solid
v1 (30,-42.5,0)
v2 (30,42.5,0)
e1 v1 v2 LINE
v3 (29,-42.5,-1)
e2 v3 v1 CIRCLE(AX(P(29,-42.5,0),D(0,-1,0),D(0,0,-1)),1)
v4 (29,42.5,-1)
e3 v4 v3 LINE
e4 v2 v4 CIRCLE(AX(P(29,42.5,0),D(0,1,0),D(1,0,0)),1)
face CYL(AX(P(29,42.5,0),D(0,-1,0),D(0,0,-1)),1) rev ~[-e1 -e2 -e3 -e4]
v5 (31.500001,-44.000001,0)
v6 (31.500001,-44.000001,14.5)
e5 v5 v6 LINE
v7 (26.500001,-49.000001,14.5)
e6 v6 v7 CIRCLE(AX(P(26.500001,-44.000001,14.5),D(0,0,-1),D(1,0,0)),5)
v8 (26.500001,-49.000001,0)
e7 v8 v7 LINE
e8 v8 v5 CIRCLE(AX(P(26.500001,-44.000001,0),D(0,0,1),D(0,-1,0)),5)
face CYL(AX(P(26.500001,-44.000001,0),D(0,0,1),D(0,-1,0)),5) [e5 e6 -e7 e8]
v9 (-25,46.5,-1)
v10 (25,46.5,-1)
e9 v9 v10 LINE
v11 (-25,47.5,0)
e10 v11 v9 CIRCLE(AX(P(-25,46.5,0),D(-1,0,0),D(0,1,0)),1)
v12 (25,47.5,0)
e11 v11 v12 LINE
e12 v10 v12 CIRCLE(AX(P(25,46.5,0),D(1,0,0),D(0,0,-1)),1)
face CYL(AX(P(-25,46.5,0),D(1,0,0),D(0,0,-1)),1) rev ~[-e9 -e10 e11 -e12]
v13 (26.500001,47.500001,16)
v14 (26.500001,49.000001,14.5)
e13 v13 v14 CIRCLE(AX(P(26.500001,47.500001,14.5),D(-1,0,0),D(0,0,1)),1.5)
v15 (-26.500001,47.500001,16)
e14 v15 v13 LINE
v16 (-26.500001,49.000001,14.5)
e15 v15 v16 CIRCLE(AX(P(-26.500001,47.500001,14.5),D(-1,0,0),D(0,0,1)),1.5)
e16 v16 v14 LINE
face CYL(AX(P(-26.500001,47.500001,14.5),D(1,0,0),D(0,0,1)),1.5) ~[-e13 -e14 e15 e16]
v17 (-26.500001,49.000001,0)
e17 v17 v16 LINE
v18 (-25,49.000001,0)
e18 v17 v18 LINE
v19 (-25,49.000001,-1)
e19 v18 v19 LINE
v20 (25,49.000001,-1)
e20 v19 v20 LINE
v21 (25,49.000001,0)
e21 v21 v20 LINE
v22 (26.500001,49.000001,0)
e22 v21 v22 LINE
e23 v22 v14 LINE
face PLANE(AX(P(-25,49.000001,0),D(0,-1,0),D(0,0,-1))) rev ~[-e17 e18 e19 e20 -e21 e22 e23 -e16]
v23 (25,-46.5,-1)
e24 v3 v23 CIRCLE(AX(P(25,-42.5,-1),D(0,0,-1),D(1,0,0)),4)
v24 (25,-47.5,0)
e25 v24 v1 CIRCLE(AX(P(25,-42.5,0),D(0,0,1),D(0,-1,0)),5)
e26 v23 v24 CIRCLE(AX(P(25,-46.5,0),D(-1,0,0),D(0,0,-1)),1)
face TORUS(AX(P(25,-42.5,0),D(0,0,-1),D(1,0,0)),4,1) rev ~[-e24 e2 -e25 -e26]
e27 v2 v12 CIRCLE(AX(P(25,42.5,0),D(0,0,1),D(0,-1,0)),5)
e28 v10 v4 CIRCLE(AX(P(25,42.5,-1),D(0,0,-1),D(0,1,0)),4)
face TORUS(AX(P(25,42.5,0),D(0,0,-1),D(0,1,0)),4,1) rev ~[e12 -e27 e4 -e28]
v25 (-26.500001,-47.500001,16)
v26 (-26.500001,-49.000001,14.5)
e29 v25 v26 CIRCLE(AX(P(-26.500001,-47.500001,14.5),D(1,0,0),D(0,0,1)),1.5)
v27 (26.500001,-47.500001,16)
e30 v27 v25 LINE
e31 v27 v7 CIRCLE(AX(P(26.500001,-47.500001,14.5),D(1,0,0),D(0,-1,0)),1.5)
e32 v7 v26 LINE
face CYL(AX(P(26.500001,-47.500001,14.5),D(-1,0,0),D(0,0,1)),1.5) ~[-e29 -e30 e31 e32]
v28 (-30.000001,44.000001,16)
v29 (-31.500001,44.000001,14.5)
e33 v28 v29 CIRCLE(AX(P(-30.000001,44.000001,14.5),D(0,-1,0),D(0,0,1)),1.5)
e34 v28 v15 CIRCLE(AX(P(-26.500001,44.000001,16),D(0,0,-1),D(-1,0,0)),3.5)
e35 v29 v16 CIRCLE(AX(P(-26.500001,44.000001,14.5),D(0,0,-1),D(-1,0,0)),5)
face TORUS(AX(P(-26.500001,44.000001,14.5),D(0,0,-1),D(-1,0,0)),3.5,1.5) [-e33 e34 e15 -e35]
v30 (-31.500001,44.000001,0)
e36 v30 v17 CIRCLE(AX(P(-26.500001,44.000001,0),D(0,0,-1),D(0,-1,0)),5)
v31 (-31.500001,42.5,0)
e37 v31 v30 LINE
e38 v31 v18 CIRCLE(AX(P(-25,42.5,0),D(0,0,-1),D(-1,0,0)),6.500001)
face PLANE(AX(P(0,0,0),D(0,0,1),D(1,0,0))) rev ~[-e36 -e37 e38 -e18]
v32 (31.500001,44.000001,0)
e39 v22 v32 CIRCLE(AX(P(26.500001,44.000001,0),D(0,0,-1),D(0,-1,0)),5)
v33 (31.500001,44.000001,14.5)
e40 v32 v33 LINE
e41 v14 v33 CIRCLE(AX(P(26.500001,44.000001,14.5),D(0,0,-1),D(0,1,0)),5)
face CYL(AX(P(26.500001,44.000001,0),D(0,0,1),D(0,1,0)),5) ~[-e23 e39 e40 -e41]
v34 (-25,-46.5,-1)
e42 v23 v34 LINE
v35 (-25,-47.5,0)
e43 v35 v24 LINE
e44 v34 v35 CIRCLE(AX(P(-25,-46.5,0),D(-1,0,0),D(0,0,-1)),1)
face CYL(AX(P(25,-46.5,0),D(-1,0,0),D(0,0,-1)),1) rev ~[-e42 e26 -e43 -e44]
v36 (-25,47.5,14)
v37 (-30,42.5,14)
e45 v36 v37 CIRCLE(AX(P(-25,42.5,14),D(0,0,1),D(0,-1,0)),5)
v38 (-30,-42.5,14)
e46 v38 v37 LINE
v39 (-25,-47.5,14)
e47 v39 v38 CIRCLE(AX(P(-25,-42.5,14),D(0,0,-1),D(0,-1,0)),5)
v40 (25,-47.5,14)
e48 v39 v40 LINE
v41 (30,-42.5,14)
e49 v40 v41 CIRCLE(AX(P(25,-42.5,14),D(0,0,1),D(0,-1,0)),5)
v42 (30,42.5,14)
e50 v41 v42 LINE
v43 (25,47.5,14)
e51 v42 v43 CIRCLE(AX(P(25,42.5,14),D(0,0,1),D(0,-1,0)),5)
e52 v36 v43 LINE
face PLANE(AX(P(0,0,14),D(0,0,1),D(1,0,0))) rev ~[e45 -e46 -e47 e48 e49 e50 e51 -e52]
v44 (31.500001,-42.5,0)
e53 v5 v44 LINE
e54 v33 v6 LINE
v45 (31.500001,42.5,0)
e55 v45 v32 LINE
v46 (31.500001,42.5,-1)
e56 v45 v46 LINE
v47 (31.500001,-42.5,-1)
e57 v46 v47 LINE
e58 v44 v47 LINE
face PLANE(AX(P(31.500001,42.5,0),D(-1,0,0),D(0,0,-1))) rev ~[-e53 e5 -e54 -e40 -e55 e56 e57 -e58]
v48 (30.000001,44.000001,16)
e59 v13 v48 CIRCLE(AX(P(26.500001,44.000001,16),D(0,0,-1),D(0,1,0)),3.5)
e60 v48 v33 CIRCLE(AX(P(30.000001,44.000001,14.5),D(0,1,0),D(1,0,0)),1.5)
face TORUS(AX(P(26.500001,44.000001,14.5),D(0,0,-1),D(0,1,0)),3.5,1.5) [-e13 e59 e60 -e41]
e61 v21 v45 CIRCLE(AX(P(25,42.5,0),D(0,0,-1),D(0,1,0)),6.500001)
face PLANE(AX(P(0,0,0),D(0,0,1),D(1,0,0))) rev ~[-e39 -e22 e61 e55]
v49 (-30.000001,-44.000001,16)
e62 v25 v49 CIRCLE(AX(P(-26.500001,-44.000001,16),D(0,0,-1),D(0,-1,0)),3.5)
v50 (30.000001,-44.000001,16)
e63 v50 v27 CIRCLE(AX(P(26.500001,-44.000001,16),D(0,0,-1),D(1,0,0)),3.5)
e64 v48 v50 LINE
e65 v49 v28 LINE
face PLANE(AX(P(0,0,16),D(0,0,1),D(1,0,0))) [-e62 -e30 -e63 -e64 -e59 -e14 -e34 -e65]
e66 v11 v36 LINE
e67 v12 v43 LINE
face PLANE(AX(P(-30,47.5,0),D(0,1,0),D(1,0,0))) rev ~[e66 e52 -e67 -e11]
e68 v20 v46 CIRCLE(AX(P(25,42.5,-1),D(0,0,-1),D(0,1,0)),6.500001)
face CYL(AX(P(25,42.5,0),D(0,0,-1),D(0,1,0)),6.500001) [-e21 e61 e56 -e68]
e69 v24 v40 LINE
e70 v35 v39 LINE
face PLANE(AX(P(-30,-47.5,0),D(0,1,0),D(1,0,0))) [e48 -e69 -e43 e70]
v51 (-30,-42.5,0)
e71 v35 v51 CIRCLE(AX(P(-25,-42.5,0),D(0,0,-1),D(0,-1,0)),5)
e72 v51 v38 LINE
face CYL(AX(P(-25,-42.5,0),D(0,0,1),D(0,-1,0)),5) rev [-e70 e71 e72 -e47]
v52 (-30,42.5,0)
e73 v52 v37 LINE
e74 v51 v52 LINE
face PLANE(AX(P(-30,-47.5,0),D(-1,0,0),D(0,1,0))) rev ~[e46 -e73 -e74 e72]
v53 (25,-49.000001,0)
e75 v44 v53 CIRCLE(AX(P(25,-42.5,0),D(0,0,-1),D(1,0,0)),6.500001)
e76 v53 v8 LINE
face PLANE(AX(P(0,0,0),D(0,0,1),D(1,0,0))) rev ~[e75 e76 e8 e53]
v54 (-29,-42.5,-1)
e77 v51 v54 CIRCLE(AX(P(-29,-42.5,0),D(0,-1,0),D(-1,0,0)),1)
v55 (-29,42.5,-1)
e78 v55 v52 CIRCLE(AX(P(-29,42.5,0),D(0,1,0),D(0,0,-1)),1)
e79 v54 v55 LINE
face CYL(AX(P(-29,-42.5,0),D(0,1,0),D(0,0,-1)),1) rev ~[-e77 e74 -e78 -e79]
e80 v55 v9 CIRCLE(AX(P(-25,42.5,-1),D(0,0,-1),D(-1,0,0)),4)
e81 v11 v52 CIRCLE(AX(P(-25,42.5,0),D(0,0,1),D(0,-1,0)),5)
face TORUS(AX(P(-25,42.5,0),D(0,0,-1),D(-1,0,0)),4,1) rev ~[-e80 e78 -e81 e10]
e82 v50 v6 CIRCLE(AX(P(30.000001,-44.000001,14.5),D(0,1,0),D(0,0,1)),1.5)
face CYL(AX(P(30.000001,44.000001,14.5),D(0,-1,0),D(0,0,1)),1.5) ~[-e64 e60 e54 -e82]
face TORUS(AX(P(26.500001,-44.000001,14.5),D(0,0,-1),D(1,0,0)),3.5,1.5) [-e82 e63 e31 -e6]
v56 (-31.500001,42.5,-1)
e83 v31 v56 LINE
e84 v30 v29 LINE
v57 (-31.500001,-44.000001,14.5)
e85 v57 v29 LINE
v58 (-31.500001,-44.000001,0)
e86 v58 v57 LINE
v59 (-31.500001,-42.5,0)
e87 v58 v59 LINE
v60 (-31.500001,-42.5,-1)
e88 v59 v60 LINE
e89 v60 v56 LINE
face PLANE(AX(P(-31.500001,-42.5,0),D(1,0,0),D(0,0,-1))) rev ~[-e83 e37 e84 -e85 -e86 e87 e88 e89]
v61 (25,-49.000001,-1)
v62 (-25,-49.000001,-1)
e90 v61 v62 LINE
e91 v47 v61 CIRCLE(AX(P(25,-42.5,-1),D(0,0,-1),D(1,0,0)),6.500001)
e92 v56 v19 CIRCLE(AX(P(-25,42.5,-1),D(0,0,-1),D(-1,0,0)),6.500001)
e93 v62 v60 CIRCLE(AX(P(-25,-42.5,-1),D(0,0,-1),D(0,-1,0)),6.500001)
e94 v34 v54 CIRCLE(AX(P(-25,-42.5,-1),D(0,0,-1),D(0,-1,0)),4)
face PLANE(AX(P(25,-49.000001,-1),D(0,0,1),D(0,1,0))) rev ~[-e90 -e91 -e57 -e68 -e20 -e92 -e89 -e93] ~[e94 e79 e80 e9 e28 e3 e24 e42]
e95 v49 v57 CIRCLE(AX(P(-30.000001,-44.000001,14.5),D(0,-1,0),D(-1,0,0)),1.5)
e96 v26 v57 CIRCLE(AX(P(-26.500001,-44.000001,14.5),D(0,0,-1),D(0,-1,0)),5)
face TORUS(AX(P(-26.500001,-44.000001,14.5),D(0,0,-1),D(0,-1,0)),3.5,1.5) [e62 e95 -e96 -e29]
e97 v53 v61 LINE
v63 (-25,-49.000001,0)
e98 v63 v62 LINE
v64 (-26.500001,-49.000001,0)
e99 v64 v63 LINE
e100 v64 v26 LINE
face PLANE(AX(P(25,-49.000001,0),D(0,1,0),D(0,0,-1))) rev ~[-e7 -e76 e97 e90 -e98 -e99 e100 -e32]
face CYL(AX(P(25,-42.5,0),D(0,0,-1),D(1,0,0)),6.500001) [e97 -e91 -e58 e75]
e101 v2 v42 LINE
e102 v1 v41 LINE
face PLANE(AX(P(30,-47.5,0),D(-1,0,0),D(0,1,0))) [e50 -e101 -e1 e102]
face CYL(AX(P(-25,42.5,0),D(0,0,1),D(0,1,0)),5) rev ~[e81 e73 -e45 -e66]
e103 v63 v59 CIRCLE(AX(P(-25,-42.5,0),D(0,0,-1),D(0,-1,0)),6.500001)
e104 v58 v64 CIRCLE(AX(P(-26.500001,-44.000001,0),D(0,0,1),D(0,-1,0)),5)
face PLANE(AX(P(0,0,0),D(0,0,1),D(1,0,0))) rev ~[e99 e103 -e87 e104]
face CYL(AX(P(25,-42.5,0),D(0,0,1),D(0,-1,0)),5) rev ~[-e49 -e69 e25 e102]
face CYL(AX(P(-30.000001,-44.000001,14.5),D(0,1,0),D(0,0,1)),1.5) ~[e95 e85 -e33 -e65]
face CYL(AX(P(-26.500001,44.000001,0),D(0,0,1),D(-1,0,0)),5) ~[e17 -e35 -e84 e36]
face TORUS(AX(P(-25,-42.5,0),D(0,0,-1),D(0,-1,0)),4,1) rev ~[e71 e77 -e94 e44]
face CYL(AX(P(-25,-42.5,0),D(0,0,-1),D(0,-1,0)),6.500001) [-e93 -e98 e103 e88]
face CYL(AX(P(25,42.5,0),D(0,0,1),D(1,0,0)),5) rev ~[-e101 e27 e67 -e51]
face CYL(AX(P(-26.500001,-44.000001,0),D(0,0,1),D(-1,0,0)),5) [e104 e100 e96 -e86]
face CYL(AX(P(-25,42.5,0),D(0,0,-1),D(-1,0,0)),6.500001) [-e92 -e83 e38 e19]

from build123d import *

# Parameters (mm, degrees)
F1_W     = 63.0000010133
F1_H     = 98.0000010133
F2_DEPTH = 16
F0_W     = 60
F0_H     = 95
F3_DEPTH = 14
F4_R     = 5
F5_R     = 1.5


with BuildPart() as f2:
    # F1 (on Top) → F2 (new body)
    with BuildSketch(Plane.XY):
        Rectangle(F1_W, F1_H)
    extrude(amount=F2_DEPTH)

    # F0 (on Top) → F3 (cut, through all)
    with BuildSketch(Plane.XY):
        Rectangle(F0_W, F0_H)
    extrude(amount=F3_DEPTH, mode=Mode.SUBTRACT)

    # F4
    f4_edges = [f2.edges().sort_by_distance(p)[0] for p in [
        (-30, 47.5, 7),
        (30, 47.5, 7),
        (31.500001, 49.000001, 8),
        (-31.500001, 49.000001, 8),
        (-31.500001, -49.000001, 8),
        (-30, -47.5, 7),
        (30, -47.5, 7),
        (31.500001, -49.000001, 8),
    ]]
    fillet(f4_edges, radius=F4_R)

    # F5
    f5_edges = [f2.edges().sort_by_distance(p)[0] for p in [
        (0, 49.000001, 16),
        (30.035534, 47.535534, 16),
        (-30.035534, 47.535534, 16),
        (31.500001, 0, 16),
        (-31.500001, 0, 16),
        (30.035534, -47.535534, 16),
        (-30.035534, -47.535534, 16),
        (0, -49.000001, 16),
    ]]
    fillet(f5_edges, radius=F5_R)

    # F8: sweep along a path in F6
    with BuildLine(Plane.XY) as f8_path:
        Line((25, -47.5), (-25, -47.5))
        ThreePointArc((-25, -47.5), (-28.5355339059, -46.0355339059), (-30, -42.5))
        Line((-30, -42.5), (-30, 42.5))
        ThreePointArc((-30, 42.5), (-28.5355339059, 46.0355339059), (-25, 47.5))
        Line((-25, 47.5), (25, 47.5))
        ThreePointArc((25, 47.5), (28.5355339059, 46.0355339059), (30, 42.5))
        Line((30, 42.5), (30, -42.5))
        ThreePointArc((30, -42.5), (28.5355339059, -46.0355339059), (25, -47.5))
    # F7 (on Front) → F8 (sweep)
    with BuildSketch(Plane.XZ):
        with BuildLine():
            ThreePointArc((-29, -1), (-29.7071067812, -0.7071067812), (-30, 0))
            Line((-30, 0), (-31.5000005066, 0))
            Line((-31.5000005066, 0), (-31.5000005066, -1))
            Line((-31.5000005066, -1), (-30, -1))
            Line((-30, -1), (-29, -1))
        make_face()
    sweep(path=f8_path.line)


solid = f2.part
